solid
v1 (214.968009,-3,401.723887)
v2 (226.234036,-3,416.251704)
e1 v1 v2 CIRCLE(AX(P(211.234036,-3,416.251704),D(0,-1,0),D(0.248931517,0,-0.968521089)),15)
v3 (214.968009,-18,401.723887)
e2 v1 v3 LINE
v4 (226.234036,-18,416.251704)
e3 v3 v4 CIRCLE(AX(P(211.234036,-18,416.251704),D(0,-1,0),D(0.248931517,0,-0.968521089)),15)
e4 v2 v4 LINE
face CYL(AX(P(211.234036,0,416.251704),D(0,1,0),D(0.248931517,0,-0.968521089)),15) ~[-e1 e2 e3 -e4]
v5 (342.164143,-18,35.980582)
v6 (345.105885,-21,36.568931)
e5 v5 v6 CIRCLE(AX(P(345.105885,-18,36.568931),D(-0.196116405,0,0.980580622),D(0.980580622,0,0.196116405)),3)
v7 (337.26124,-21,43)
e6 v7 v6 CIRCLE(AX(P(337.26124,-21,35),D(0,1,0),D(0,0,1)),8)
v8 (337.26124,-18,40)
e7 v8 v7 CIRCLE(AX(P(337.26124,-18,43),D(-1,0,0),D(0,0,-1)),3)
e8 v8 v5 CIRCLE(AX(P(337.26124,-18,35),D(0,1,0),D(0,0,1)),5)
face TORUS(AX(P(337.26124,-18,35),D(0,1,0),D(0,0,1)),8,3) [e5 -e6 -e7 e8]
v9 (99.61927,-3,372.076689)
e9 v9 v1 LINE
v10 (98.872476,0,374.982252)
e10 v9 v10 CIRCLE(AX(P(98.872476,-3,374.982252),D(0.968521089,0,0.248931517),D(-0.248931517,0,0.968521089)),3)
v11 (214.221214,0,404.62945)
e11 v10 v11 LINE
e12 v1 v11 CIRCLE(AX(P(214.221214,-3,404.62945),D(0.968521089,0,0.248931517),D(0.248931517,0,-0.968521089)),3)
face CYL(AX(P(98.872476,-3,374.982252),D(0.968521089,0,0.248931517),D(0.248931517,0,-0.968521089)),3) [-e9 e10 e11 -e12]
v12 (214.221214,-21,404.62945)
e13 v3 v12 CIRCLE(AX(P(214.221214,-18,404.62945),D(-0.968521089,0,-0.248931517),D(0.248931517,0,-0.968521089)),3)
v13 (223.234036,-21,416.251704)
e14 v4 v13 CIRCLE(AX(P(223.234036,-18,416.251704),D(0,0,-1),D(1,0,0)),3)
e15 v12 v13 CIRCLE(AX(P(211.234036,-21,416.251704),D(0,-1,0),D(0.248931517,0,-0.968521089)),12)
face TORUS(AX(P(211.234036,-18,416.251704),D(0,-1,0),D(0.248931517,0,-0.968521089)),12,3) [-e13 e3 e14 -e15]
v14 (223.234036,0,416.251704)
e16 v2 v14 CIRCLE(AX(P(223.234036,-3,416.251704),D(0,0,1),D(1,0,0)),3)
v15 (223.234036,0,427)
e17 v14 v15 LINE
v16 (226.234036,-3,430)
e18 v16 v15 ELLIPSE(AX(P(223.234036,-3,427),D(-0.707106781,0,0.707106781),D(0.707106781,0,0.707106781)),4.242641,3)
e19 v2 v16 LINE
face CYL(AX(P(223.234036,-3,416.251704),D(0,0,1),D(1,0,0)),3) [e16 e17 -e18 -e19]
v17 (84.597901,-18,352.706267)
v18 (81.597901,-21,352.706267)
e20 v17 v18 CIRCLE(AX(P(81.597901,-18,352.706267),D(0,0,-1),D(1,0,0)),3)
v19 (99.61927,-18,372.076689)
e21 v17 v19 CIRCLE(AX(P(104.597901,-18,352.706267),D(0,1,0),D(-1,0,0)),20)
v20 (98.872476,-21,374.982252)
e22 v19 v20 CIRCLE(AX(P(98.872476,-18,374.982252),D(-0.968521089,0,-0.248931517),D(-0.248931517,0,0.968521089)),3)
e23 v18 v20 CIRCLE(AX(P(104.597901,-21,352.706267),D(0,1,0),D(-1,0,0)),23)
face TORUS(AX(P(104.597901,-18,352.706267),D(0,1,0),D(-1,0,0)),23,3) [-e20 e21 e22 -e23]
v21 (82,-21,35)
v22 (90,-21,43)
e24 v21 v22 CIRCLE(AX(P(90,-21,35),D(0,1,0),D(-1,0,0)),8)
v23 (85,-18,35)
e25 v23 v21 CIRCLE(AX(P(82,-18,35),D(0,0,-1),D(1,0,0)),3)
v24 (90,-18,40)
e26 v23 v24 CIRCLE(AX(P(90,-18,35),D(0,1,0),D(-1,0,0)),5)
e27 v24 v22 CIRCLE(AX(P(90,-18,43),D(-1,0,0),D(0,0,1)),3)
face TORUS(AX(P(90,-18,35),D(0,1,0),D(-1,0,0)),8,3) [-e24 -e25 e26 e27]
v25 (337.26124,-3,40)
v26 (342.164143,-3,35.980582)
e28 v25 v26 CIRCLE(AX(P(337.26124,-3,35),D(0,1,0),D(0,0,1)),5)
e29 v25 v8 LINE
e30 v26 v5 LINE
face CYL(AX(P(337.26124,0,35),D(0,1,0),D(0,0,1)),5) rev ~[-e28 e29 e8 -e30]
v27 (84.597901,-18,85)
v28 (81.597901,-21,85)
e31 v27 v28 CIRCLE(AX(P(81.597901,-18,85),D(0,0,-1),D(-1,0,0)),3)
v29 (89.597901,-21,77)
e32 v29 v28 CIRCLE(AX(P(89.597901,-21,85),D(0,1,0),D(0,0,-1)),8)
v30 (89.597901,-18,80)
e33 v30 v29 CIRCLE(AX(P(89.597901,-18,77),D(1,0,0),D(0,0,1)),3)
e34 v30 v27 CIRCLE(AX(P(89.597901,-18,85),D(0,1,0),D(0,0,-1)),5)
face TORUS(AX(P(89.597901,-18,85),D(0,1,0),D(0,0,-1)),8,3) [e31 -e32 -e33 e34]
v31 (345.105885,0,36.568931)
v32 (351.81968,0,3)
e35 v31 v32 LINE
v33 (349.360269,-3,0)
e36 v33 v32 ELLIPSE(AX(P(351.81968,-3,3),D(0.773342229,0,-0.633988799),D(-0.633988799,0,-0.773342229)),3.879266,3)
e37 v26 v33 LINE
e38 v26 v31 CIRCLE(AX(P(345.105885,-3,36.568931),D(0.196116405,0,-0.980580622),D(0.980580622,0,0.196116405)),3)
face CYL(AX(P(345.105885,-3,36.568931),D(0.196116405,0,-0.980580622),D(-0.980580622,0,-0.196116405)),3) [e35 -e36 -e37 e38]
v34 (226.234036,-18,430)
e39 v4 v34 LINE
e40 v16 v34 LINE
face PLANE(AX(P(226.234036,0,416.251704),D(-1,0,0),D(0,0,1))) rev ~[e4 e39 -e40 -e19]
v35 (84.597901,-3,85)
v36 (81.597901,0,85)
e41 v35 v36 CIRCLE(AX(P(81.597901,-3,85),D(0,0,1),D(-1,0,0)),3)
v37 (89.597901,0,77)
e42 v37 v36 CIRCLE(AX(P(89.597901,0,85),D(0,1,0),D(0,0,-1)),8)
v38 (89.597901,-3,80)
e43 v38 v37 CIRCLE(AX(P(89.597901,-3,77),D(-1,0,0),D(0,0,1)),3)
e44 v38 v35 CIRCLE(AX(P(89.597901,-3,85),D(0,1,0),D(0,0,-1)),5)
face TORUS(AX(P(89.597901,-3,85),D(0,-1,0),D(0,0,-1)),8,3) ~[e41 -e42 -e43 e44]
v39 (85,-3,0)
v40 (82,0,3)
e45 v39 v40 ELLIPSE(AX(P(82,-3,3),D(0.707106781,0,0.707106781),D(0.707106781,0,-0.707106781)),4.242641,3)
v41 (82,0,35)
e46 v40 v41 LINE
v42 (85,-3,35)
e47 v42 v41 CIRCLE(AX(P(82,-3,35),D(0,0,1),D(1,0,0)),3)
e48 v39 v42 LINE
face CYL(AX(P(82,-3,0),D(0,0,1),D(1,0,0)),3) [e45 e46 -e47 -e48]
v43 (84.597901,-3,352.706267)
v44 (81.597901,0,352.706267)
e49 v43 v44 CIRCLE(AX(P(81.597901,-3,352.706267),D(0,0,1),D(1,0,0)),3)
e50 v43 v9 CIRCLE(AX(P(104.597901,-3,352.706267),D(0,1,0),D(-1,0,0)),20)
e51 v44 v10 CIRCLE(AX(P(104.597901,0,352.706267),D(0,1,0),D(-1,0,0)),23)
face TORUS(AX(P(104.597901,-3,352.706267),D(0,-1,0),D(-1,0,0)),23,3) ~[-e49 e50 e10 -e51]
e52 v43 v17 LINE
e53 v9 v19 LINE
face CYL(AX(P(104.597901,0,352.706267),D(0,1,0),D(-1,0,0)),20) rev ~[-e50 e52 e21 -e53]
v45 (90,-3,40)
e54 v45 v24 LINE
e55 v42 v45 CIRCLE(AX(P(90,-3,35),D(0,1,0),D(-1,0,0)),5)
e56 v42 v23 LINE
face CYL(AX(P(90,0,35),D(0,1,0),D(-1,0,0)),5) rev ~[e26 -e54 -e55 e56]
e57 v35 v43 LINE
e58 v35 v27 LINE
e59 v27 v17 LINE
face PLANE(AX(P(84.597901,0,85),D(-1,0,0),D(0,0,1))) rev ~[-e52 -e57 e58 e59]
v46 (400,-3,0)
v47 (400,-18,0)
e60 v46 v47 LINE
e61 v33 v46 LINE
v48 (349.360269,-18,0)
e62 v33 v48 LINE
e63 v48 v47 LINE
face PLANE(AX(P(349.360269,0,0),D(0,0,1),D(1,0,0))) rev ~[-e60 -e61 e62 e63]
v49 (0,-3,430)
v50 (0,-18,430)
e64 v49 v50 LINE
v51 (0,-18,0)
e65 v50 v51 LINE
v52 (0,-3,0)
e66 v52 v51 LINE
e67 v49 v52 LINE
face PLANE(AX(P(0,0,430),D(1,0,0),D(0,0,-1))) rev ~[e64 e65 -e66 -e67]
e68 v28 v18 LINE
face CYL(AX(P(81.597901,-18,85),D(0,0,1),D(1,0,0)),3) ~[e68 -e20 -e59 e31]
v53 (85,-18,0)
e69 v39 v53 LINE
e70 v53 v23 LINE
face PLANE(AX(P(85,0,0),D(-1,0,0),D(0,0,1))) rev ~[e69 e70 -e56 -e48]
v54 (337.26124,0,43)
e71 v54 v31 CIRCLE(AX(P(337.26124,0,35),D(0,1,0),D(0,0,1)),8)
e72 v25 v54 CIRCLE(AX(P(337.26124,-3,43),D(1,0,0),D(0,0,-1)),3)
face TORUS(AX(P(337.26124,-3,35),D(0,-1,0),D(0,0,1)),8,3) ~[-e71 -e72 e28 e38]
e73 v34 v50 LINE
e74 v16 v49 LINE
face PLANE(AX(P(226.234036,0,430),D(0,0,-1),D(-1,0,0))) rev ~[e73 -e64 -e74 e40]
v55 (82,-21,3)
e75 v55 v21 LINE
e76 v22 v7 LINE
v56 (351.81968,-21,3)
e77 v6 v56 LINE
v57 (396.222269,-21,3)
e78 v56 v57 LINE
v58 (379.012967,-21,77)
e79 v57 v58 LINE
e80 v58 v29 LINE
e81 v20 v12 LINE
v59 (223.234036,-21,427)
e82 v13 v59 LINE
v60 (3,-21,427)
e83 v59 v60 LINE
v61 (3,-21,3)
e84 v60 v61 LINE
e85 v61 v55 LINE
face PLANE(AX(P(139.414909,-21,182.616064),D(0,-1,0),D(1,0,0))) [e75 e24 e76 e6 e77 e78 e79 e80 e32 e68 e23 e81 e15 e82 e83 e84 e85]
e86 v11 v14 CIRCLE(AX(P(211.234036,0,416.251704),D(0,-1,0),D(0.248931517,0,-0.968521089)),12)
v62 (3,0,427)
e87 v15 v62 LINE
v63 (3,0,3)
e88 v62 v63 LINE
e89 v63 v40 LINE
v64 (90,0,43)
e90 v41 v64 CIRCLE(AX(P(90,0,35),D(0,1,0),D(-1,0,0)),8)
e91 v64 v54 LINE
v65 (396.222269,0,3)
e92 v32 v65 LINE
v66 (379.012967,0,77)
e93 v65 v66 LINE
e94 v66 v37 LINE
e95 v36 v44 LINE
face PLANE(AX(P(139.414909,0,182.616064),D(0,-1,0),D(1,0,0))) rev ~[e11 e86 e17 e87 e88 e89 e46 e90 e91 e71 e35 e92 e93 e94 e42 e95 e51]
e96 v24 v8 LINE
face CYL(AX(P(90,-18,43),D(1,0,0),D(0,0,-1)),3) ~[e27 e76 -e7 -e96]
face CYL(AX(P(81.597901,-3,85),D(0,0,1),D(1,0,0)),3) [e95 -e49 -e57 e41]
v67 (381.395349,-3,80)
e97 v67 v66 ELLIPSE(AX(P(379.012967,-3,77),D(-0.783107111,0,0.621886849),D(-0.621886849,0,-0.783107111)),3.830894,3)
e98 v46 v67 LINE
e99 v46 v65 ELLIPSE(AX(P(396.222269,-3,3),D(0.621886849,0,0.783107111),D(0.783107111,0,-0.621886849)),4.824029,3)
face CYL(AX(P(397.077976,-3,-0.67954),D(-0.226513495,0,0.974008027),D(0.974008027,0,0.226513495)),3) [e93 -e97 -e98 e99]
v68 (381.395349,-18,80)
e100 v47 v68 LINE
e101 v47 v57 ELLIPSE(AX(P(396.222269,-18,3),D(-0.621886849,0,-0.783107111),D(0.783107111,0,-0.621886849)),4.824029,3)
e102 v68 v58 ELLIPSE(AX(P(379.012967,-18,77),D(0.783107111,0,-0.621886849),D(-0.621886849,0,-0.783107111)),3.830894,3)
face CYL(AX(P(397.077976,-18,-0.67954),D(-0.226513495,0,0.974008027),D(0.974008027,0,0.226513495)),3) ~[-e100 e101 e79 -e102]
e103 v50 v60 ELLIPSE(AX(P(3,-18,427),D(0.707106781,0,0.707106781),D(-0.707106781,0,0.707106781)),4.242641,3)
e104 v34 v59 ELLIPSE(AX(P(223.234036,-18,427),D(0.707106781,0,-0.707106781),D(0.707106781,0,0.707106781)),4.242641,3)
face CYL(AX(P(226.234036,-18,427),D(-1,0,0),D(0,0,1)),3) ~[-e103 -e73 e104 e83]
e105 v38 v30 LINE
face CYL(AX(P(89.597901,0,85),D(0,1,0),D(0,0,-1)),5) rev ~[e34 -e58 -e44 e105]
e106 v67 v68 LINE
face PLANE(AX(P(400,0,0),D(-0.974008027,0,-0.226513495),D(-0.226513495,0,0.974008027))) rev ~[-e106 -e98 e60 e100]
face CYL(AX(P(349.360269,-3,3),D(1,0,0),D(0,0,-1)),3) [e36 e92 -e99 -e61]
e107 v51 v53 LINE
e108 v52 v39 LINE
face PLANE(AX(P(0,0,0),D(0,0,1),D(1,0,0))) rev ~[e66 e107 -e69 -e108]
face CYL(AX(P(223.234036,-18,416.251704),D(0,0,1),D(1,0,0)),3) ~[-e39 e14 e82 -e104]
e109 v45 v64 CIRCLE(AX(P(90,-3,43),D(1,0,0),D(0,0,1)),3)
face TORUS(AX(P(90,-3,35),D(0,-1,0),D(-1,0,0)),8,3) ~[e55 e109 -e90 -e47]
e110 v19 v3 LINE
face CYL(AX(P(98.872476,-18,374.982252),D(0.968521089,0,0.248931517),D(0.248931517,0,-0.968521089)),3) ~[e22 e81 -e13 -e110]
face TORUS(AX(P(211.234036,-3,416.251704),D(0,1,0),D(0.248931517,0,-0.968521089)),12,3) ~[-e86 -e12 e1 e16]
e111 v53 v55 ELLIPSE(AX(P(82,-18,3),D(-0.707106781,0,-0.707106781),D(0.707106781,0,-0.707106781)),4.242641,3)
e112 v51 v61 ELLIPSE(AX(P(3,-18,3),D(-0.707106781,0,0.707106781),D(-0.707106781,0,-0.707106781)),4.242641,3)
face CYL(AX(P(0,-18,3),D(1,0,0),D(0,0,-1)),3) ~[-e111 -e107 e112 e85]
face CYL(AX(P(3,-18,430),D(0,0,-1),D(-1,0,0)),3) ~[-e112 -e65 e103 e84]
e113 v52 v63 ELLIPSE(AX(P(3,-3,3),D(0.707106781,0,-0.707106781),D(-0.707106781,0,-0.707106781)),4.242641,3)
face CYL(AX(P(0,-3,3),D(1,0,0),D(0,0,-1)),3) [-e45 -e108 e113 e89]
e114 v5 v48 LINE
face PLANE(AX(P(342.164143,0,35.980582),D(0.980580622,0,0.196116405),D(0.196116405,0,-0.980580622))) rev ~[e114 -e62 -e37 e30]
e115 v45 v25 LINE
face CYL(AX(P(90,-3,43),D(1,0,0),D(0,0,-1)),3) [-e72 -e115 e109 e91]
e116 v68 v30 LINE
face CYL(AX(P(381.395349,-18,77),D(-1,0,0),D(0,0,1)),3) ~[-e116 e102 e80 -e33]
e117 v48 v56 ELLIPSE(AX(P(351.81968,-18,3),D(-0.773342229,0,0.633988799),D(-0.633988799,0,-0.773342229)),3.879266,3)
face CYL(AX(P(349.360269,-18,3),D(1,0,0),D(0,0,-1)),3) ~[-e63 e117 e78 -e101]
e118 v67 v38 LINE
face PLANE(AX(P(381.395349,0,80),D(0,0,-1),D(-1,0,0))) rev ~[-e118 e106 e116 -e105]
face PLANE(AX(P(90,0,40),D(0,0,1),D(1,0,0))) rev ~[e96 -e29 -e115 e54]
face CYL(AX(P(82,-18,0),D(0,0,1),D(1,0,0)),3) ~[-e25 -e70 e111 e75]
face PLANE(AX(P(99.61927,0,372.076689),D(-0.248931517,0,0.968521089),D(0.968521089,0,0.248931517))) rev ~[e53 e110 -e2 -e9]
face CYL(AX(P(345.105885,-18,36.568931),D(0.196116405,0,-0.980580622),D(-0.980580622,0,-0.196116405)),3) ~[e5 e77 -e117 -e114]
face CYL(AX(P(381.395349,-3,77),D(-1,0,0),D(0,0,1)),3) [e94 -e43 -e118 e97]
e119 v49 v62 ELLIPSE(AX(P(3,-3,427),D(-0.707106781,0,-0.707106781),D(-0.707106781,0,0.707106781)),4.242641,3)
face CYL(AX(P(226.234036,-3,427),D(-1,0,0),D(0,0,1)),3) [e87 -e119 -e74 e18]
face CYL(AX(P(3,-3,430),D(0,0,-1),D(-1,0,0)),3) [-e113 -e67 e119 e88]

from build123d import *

# Parameters (mm, degrees)
F1_DEPTH = 21
F2_R     = 3


with BuildPart() as f1:
    # F0 (on Front) → F1 (new body)
    with BuildSketch(Plane.XZ):
        with BuildLine():
            Line((400, 0), (381.3953488372, 80))
            Line((381.3953488372, 80), (89.5979005098, 80))
            ThreePointArc((89.5979005098, 80), (86.0623666039, 81.4644660941), (84.5979005098, 85))
            Line((84.5979005098, 85), (84.5979005098, 352.7062674352))
            ThreePointArc((84.5979005098, 352.7062674352), (88.7932713354, 364.9624371736), (99.6192701756, 372.0766892167))
            Line((99.6192701756, 372.0766892167), (214.9680088476, 401.7238871894))
            ThreePointArc((214.9680088476, 401.7238871894), (223.0875079778, 407.0595762217), (226.2340360969, 416.2517035256))
            Line((226.2340360969, 416.2517035256), (226.2340360969, 430))
            Line((226.2340360969, 430), (0, 430))
            Line((0, 430), (0, 0))
            Line((0, 0), (85, 0))
            Line((85, 0), (85, 35))
            ThreePointArc((85, 35), (86.4644660941, 38.5355339059), (90, 40))
            Line((90, 40), (337.2612395977, 40))
            ThreePointArc((337.2612395977, 40), (340.4311835928, 38.8667111436), (342.1641427058, 35.9805820273))
            Line((342.1641427058, 35.9805820273), (349.360269427, 0))
            Line((349.360269427, 0), (400, 0))
        make_face()
    extrude(amount=F1_DEPTH)

    # F2
    f2_edges = [f1.edges().sort_by_distance(p)[0] for p in [
        (226.234036, -21, 423.125852),
        (113.117018, -21, 430),
        (0, -21, 215),
        (42.5, -21, 0),
        (85, -21, 17.5),
        (86.464466, -21, 38.535534),
        (213.63062, -21, 40),
        (340.431184, -21, 38.866711),
        (345.762206, -21, 17.990291),
        (374.680135, -21, 0),
        (390.697674, -21, 40),
        (235.496625, -21, 80),
        (86.062367, -21, 81.464466),
        (84.597901, -21, 218.853134),
        (88.793271, -21, 364.962437),
        (157.29364, -21, 386.900288),
        (223.087508, -21, 407.059576),
        (226.234036, 0, 423.125852),
        (113.117018, 0, 430),
        (0, 0, 215),
        (42.5, 0, 0),
        (85, 0, 17.5),
        (86.464466, 0, 38.535534),
        (213.63062, 0, 40),
        (340.431184, 0, 38.866711),
        (345.762206, 0, 17.990291),
        (374.680135, 0, 0),
        (390.697674, 0, 40),
        (235.496625, 0, 80),
        (86.062367, 0, 81.464466),
        (84.597901, 0, 218.853134),
        (88.793271, 0, 364.962437),
        (157.29364, 0, 386.900288),
        (223.087508, 0, 407.059576),
    ]]
    fillet(f2_edges, radius=F2_R)


solid = f1.part
